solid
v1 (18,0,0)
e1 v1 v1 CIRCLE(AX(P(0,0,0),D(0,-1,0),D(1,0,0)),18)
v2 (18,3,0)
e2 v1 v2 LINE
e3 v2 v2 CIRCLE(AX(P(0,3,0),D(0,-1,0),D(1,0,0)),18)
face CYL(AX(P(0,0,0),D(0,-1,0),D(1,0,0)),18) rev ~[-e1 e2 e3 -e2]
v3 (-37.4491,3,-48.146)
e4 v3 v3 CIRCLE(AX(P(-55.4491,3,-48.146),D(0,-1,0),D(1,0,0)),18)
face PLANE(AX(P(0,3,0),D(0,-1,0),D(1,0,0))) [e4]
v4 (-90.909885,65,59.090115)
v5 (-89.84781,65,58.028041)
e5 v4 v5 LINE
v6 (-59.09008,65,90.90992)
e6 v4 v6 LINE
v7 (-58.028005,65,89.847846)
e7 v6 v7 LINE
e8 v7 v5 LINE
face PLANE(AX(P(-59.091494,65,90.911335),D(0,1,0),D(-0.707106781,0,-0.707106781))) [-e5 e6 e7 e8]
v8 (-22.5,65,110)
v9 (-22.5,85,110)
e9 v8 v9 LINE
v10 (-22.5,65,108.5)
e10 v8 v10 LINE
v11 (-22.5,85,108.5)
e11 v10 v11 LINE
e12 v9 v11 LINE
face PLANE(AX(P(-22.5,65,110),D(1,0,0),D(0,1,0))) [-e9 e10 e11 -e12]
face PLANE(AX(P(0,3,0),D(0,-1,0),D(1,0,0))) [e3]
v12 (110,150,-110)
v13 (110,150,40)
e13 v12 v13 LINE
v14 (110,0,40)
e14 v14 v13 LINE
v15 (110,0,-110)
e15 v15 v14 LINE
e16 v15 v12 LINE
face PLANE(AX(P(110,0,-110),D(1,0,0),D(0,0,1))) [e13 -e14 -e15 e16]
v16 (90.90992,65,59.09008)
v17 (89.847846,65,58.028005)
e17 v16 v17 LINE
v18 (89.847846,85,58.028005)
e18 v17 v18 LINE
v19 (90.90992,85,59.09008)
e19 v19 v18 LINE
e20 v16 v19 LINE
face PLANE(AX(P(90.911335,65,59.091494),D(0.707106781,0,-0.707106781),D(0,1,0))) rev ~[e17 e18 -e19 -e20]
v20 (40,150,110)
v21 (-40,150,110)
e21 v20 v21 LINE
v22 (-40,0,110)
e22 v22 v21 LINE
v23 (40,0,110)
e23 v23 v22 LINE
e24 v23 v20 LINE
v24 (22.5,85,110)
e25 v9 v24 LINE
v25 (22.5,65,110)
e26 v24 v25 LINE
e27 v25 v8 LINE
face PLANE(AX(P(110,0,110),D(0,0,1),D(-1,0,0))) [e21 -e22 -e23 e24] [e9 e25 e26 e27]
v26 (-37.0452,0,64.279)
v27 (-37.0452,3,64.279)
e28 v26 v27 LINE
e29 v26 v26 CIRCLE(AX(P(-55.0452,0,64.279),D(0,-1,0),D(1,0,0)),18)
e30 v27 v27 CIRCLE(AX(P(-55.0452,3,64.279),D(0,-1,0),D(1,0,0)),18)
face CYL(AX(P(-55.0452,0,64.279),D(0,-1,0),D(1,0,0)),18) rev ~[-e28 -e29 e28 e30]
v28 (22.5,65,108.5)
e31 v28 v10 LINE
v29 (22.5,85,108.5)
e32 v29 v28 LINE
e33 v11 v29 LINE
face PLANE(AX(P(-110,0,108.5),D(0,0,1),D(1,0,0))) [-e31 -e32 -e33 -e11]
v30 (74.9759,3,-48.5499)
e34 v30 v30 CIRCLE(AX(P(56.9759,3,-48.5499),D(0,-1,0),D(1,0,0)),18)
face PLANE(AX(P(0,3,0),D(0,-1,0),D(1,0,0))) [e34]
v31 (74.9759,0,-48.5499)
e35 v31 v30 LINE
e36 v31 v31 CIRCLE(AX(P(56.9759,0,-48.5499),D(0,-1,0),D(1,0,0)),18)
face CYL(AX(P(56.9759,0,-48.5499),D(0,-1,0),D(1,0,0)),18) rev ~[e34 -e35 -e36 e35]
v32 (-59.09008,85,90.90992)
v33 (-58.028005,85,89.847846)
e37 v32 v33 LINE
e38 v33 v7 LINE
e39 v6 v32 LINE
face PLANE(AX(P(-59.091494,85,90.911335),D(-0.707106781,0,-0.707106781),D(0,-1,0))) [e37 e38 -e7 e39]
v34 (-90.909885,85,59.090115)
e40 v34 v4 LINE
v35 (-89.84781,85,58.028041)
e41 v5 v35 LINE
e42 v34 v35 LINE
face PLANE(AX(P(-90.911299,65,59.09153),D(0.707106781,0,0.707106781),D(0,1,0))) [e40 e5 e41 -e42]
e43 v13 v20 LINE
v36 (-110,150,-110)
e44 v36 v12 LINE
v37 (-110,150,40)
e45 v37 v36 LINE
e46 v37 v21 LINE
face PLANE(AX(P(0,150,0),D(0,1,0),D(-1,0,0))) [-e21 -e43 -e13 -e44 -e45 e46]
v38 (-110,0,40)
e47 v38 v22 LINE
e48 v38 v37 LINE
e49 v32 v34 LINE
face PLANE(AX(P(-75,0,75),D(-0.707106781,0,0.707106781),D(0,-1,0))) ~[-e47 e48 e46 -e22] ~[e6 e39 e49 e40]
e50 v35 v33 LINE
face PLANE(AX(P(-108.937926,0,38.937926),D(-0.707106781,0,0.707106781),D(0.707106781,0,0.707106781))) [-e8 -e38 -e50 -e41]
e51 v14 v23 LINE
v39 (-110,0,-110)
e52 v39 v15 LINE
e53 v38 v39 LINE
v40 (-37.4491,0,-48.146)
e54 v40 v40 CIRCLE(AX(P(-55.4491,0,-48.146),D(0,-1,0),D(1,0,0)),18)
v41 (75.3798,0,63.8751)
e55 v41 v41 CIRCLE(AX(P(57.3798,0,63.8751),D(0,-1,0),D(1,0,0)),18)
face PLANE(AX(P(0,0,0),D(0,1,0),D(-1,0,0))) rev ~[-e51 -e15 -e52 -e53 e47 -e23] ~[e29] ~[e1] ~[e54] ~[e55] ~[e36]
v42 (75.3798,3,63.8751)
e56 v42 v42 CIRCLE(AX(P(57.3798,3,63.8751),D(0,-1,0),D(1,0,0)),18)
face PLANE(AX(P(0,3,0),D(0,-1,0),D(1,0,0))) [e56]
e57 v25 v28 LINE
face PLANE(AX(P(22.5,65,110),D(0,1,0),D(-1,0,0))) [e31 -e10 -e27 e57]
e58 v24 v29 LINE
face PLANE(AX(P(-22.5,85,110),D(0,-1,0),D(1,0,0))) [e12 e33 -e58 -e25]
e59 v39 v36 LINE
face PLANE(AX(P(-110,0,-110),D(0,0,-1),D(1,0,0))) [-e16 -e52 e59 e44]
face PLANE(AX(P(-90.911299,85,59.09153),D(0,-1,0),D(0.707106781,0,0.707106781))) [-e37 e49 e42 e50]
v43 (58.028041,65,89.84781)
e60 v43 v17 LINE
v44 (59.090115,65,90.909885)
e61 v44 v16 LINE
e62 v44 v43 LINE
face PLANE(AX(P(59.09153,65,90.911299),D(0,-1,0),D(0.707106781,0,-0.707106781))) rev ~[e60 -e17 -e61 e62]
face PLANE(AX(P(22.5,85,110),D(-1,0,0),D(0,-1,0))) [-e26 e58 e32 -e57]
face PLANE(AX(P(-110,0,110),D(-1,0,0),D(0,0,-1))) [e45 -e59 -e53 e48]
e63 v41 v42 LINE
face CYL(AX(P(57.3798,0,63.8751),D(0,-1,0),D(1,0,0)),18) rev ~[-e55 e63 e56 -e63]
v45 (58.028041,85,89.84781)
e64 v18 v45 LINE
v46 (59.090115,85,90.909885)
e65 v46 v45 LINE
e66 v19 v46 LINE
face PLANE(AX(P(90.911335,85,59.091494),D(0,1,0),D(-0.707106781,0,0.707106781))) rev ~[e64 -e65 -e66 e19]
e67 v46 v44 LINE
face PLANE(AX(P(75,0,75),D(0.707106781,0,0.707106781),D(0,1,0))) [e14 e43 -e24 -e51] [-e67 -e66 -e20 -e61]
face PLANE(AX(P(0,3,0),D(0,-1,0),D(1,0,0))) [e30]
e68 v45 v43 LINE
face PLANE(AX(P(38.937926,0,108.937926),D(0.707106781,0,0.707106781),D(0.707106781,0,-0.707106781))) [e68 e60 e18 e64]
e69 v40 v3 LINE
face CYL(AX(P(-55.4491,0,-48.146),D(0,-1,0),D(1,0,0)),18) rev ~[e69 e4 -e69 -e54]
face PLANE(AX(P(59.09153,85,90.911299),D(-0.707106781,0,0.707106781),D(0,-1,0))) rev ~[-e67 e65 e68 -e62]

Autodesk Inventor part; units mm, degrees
ref_plane "YZ Plane" through (0, 0, 0) normal (1, 0, 0) x (0, 1, 0)
ref_plane "XZ Plane" through (0, 0, 0) normal (0, 1, 0) x (-1, 0, 0)
ref_plane "XY Plane" through (0, 0, 0) normal (0, 0, 1) x (1, 0, 0)
sketch "Sketch1" plane through (0, 0, 0) normal (0, 1, 0) x (-1, 0, 0)
  line L0 (110, -110) -> (-110, -110)
  line L1 (-110, -110) -> (-110, 110)
  line L2 (-110, 110) -> (110, 110)
  line L3 (110, 110) -> (110, -110)
  dimension "d2" = 220
  dimension "d3" = 220
extrude "Extrusion1" add sketch "Sketch1" along normal blind 150
sketch "Sketch2" plane through (-110, 0, 110) normal (0, 0, 1) x (1, 0, 0)
  line L0 (220, 150) -> (0, 150) projected
  line L1 (0, 0) -> (220, 0) projected
  line L2 (0, 0) -> (0, 150) projected
  line L3 (87.5, 85) -> (132.5, 85)
  line L4 (132.5, 85) -> (132.5, 65)
  line L5 (132.5, 65) -> (87.5, 65)
  line L6 (87.5, 65) -> (87.5, 85)
  line L7 (87.5, 85) -> (132.5, 65) construction
  line L8 (132.5, 85) -> (87.5, 65) construction
  point P0 (110, 0)
  point P1 (110, 75)
  dimension "d6" = 45
  dimension "d7" = 20
extrude "Extrusion2" cut sketch "Sketch2" against normal blind 1.5
chamfer "Chamfer1" distance 70 angle 45 2 edges at (110, 75, 110) (-110, 75, 110)
sketch "Sketch3" plane through (40, 0, 110) normal (0.7071, 0, 0.7071) x (0.7071, 0, -0.7071)
  line L0 (26.9975, 65) -> (71.9975, 65)
  line L1 (71.9975, 65) -> (71.9975, 85)
  line L2 (71.9975, 85) -> (26.9975, 85)
  line L3 (26.9975, 85) -> (26.9975, 65)
  line L4 (26.9975, 65) -> (71.9975, 85) construction
  line L5 (71.9975, 65) -> (26.9975, 85) construction
  point P0 (49.4975, 75)
  dimension "d13" = 45
  dimension "d14" = 20
extrude "Extrusion3" cut sketch "Sketch3" against normal blind 1.5
sketch "Sketch4" plane through (-110, 0, 40) normal (-0.7071, 0, 0.7071) x (0.7071, 0, 0.7071)
  line L0 (26.9975, 85) -> (71.9975, 85)
  line L1 (71.9975, 85) -> (71.9975, 65)
  line L2 (71.9975, 65) -> (26.9975, 65)
  line L3 (26.9975, 65) -> (26.9975, 85)
  line L4 (26.9975, 85) -> (71.9975, 65) construction
  line L5 (71.9975, 85) -> (26.9975, 65) construction
  point P0 (49.4975, 75)
  dimension "d17" = 45
  dimension "d18" = 20
extrude "Extrusion4" cut sketch "Sketch4" against normal blind 1.5
sketch "Sketch5" plane through (0, 0, 0) normal (0, -1, 0) x (1, 0, 0)
  circle A0 centre (-55.0452, 64.279) radius 18
  circle A1 centre (0, 0) radius 18
  circle A2 centre (0, 0) radius 18
  circle A3 centre (57.3798, 63.8751) radius 18
  circle A4 centre (-55.4491, -48.146) radius 18
  circle A5 centre (56.9759, -48.5499) radius 18
extrude "Extrusion7" cut sketch "Sketch5" against normal blind 3
properties part number "bodyy"
